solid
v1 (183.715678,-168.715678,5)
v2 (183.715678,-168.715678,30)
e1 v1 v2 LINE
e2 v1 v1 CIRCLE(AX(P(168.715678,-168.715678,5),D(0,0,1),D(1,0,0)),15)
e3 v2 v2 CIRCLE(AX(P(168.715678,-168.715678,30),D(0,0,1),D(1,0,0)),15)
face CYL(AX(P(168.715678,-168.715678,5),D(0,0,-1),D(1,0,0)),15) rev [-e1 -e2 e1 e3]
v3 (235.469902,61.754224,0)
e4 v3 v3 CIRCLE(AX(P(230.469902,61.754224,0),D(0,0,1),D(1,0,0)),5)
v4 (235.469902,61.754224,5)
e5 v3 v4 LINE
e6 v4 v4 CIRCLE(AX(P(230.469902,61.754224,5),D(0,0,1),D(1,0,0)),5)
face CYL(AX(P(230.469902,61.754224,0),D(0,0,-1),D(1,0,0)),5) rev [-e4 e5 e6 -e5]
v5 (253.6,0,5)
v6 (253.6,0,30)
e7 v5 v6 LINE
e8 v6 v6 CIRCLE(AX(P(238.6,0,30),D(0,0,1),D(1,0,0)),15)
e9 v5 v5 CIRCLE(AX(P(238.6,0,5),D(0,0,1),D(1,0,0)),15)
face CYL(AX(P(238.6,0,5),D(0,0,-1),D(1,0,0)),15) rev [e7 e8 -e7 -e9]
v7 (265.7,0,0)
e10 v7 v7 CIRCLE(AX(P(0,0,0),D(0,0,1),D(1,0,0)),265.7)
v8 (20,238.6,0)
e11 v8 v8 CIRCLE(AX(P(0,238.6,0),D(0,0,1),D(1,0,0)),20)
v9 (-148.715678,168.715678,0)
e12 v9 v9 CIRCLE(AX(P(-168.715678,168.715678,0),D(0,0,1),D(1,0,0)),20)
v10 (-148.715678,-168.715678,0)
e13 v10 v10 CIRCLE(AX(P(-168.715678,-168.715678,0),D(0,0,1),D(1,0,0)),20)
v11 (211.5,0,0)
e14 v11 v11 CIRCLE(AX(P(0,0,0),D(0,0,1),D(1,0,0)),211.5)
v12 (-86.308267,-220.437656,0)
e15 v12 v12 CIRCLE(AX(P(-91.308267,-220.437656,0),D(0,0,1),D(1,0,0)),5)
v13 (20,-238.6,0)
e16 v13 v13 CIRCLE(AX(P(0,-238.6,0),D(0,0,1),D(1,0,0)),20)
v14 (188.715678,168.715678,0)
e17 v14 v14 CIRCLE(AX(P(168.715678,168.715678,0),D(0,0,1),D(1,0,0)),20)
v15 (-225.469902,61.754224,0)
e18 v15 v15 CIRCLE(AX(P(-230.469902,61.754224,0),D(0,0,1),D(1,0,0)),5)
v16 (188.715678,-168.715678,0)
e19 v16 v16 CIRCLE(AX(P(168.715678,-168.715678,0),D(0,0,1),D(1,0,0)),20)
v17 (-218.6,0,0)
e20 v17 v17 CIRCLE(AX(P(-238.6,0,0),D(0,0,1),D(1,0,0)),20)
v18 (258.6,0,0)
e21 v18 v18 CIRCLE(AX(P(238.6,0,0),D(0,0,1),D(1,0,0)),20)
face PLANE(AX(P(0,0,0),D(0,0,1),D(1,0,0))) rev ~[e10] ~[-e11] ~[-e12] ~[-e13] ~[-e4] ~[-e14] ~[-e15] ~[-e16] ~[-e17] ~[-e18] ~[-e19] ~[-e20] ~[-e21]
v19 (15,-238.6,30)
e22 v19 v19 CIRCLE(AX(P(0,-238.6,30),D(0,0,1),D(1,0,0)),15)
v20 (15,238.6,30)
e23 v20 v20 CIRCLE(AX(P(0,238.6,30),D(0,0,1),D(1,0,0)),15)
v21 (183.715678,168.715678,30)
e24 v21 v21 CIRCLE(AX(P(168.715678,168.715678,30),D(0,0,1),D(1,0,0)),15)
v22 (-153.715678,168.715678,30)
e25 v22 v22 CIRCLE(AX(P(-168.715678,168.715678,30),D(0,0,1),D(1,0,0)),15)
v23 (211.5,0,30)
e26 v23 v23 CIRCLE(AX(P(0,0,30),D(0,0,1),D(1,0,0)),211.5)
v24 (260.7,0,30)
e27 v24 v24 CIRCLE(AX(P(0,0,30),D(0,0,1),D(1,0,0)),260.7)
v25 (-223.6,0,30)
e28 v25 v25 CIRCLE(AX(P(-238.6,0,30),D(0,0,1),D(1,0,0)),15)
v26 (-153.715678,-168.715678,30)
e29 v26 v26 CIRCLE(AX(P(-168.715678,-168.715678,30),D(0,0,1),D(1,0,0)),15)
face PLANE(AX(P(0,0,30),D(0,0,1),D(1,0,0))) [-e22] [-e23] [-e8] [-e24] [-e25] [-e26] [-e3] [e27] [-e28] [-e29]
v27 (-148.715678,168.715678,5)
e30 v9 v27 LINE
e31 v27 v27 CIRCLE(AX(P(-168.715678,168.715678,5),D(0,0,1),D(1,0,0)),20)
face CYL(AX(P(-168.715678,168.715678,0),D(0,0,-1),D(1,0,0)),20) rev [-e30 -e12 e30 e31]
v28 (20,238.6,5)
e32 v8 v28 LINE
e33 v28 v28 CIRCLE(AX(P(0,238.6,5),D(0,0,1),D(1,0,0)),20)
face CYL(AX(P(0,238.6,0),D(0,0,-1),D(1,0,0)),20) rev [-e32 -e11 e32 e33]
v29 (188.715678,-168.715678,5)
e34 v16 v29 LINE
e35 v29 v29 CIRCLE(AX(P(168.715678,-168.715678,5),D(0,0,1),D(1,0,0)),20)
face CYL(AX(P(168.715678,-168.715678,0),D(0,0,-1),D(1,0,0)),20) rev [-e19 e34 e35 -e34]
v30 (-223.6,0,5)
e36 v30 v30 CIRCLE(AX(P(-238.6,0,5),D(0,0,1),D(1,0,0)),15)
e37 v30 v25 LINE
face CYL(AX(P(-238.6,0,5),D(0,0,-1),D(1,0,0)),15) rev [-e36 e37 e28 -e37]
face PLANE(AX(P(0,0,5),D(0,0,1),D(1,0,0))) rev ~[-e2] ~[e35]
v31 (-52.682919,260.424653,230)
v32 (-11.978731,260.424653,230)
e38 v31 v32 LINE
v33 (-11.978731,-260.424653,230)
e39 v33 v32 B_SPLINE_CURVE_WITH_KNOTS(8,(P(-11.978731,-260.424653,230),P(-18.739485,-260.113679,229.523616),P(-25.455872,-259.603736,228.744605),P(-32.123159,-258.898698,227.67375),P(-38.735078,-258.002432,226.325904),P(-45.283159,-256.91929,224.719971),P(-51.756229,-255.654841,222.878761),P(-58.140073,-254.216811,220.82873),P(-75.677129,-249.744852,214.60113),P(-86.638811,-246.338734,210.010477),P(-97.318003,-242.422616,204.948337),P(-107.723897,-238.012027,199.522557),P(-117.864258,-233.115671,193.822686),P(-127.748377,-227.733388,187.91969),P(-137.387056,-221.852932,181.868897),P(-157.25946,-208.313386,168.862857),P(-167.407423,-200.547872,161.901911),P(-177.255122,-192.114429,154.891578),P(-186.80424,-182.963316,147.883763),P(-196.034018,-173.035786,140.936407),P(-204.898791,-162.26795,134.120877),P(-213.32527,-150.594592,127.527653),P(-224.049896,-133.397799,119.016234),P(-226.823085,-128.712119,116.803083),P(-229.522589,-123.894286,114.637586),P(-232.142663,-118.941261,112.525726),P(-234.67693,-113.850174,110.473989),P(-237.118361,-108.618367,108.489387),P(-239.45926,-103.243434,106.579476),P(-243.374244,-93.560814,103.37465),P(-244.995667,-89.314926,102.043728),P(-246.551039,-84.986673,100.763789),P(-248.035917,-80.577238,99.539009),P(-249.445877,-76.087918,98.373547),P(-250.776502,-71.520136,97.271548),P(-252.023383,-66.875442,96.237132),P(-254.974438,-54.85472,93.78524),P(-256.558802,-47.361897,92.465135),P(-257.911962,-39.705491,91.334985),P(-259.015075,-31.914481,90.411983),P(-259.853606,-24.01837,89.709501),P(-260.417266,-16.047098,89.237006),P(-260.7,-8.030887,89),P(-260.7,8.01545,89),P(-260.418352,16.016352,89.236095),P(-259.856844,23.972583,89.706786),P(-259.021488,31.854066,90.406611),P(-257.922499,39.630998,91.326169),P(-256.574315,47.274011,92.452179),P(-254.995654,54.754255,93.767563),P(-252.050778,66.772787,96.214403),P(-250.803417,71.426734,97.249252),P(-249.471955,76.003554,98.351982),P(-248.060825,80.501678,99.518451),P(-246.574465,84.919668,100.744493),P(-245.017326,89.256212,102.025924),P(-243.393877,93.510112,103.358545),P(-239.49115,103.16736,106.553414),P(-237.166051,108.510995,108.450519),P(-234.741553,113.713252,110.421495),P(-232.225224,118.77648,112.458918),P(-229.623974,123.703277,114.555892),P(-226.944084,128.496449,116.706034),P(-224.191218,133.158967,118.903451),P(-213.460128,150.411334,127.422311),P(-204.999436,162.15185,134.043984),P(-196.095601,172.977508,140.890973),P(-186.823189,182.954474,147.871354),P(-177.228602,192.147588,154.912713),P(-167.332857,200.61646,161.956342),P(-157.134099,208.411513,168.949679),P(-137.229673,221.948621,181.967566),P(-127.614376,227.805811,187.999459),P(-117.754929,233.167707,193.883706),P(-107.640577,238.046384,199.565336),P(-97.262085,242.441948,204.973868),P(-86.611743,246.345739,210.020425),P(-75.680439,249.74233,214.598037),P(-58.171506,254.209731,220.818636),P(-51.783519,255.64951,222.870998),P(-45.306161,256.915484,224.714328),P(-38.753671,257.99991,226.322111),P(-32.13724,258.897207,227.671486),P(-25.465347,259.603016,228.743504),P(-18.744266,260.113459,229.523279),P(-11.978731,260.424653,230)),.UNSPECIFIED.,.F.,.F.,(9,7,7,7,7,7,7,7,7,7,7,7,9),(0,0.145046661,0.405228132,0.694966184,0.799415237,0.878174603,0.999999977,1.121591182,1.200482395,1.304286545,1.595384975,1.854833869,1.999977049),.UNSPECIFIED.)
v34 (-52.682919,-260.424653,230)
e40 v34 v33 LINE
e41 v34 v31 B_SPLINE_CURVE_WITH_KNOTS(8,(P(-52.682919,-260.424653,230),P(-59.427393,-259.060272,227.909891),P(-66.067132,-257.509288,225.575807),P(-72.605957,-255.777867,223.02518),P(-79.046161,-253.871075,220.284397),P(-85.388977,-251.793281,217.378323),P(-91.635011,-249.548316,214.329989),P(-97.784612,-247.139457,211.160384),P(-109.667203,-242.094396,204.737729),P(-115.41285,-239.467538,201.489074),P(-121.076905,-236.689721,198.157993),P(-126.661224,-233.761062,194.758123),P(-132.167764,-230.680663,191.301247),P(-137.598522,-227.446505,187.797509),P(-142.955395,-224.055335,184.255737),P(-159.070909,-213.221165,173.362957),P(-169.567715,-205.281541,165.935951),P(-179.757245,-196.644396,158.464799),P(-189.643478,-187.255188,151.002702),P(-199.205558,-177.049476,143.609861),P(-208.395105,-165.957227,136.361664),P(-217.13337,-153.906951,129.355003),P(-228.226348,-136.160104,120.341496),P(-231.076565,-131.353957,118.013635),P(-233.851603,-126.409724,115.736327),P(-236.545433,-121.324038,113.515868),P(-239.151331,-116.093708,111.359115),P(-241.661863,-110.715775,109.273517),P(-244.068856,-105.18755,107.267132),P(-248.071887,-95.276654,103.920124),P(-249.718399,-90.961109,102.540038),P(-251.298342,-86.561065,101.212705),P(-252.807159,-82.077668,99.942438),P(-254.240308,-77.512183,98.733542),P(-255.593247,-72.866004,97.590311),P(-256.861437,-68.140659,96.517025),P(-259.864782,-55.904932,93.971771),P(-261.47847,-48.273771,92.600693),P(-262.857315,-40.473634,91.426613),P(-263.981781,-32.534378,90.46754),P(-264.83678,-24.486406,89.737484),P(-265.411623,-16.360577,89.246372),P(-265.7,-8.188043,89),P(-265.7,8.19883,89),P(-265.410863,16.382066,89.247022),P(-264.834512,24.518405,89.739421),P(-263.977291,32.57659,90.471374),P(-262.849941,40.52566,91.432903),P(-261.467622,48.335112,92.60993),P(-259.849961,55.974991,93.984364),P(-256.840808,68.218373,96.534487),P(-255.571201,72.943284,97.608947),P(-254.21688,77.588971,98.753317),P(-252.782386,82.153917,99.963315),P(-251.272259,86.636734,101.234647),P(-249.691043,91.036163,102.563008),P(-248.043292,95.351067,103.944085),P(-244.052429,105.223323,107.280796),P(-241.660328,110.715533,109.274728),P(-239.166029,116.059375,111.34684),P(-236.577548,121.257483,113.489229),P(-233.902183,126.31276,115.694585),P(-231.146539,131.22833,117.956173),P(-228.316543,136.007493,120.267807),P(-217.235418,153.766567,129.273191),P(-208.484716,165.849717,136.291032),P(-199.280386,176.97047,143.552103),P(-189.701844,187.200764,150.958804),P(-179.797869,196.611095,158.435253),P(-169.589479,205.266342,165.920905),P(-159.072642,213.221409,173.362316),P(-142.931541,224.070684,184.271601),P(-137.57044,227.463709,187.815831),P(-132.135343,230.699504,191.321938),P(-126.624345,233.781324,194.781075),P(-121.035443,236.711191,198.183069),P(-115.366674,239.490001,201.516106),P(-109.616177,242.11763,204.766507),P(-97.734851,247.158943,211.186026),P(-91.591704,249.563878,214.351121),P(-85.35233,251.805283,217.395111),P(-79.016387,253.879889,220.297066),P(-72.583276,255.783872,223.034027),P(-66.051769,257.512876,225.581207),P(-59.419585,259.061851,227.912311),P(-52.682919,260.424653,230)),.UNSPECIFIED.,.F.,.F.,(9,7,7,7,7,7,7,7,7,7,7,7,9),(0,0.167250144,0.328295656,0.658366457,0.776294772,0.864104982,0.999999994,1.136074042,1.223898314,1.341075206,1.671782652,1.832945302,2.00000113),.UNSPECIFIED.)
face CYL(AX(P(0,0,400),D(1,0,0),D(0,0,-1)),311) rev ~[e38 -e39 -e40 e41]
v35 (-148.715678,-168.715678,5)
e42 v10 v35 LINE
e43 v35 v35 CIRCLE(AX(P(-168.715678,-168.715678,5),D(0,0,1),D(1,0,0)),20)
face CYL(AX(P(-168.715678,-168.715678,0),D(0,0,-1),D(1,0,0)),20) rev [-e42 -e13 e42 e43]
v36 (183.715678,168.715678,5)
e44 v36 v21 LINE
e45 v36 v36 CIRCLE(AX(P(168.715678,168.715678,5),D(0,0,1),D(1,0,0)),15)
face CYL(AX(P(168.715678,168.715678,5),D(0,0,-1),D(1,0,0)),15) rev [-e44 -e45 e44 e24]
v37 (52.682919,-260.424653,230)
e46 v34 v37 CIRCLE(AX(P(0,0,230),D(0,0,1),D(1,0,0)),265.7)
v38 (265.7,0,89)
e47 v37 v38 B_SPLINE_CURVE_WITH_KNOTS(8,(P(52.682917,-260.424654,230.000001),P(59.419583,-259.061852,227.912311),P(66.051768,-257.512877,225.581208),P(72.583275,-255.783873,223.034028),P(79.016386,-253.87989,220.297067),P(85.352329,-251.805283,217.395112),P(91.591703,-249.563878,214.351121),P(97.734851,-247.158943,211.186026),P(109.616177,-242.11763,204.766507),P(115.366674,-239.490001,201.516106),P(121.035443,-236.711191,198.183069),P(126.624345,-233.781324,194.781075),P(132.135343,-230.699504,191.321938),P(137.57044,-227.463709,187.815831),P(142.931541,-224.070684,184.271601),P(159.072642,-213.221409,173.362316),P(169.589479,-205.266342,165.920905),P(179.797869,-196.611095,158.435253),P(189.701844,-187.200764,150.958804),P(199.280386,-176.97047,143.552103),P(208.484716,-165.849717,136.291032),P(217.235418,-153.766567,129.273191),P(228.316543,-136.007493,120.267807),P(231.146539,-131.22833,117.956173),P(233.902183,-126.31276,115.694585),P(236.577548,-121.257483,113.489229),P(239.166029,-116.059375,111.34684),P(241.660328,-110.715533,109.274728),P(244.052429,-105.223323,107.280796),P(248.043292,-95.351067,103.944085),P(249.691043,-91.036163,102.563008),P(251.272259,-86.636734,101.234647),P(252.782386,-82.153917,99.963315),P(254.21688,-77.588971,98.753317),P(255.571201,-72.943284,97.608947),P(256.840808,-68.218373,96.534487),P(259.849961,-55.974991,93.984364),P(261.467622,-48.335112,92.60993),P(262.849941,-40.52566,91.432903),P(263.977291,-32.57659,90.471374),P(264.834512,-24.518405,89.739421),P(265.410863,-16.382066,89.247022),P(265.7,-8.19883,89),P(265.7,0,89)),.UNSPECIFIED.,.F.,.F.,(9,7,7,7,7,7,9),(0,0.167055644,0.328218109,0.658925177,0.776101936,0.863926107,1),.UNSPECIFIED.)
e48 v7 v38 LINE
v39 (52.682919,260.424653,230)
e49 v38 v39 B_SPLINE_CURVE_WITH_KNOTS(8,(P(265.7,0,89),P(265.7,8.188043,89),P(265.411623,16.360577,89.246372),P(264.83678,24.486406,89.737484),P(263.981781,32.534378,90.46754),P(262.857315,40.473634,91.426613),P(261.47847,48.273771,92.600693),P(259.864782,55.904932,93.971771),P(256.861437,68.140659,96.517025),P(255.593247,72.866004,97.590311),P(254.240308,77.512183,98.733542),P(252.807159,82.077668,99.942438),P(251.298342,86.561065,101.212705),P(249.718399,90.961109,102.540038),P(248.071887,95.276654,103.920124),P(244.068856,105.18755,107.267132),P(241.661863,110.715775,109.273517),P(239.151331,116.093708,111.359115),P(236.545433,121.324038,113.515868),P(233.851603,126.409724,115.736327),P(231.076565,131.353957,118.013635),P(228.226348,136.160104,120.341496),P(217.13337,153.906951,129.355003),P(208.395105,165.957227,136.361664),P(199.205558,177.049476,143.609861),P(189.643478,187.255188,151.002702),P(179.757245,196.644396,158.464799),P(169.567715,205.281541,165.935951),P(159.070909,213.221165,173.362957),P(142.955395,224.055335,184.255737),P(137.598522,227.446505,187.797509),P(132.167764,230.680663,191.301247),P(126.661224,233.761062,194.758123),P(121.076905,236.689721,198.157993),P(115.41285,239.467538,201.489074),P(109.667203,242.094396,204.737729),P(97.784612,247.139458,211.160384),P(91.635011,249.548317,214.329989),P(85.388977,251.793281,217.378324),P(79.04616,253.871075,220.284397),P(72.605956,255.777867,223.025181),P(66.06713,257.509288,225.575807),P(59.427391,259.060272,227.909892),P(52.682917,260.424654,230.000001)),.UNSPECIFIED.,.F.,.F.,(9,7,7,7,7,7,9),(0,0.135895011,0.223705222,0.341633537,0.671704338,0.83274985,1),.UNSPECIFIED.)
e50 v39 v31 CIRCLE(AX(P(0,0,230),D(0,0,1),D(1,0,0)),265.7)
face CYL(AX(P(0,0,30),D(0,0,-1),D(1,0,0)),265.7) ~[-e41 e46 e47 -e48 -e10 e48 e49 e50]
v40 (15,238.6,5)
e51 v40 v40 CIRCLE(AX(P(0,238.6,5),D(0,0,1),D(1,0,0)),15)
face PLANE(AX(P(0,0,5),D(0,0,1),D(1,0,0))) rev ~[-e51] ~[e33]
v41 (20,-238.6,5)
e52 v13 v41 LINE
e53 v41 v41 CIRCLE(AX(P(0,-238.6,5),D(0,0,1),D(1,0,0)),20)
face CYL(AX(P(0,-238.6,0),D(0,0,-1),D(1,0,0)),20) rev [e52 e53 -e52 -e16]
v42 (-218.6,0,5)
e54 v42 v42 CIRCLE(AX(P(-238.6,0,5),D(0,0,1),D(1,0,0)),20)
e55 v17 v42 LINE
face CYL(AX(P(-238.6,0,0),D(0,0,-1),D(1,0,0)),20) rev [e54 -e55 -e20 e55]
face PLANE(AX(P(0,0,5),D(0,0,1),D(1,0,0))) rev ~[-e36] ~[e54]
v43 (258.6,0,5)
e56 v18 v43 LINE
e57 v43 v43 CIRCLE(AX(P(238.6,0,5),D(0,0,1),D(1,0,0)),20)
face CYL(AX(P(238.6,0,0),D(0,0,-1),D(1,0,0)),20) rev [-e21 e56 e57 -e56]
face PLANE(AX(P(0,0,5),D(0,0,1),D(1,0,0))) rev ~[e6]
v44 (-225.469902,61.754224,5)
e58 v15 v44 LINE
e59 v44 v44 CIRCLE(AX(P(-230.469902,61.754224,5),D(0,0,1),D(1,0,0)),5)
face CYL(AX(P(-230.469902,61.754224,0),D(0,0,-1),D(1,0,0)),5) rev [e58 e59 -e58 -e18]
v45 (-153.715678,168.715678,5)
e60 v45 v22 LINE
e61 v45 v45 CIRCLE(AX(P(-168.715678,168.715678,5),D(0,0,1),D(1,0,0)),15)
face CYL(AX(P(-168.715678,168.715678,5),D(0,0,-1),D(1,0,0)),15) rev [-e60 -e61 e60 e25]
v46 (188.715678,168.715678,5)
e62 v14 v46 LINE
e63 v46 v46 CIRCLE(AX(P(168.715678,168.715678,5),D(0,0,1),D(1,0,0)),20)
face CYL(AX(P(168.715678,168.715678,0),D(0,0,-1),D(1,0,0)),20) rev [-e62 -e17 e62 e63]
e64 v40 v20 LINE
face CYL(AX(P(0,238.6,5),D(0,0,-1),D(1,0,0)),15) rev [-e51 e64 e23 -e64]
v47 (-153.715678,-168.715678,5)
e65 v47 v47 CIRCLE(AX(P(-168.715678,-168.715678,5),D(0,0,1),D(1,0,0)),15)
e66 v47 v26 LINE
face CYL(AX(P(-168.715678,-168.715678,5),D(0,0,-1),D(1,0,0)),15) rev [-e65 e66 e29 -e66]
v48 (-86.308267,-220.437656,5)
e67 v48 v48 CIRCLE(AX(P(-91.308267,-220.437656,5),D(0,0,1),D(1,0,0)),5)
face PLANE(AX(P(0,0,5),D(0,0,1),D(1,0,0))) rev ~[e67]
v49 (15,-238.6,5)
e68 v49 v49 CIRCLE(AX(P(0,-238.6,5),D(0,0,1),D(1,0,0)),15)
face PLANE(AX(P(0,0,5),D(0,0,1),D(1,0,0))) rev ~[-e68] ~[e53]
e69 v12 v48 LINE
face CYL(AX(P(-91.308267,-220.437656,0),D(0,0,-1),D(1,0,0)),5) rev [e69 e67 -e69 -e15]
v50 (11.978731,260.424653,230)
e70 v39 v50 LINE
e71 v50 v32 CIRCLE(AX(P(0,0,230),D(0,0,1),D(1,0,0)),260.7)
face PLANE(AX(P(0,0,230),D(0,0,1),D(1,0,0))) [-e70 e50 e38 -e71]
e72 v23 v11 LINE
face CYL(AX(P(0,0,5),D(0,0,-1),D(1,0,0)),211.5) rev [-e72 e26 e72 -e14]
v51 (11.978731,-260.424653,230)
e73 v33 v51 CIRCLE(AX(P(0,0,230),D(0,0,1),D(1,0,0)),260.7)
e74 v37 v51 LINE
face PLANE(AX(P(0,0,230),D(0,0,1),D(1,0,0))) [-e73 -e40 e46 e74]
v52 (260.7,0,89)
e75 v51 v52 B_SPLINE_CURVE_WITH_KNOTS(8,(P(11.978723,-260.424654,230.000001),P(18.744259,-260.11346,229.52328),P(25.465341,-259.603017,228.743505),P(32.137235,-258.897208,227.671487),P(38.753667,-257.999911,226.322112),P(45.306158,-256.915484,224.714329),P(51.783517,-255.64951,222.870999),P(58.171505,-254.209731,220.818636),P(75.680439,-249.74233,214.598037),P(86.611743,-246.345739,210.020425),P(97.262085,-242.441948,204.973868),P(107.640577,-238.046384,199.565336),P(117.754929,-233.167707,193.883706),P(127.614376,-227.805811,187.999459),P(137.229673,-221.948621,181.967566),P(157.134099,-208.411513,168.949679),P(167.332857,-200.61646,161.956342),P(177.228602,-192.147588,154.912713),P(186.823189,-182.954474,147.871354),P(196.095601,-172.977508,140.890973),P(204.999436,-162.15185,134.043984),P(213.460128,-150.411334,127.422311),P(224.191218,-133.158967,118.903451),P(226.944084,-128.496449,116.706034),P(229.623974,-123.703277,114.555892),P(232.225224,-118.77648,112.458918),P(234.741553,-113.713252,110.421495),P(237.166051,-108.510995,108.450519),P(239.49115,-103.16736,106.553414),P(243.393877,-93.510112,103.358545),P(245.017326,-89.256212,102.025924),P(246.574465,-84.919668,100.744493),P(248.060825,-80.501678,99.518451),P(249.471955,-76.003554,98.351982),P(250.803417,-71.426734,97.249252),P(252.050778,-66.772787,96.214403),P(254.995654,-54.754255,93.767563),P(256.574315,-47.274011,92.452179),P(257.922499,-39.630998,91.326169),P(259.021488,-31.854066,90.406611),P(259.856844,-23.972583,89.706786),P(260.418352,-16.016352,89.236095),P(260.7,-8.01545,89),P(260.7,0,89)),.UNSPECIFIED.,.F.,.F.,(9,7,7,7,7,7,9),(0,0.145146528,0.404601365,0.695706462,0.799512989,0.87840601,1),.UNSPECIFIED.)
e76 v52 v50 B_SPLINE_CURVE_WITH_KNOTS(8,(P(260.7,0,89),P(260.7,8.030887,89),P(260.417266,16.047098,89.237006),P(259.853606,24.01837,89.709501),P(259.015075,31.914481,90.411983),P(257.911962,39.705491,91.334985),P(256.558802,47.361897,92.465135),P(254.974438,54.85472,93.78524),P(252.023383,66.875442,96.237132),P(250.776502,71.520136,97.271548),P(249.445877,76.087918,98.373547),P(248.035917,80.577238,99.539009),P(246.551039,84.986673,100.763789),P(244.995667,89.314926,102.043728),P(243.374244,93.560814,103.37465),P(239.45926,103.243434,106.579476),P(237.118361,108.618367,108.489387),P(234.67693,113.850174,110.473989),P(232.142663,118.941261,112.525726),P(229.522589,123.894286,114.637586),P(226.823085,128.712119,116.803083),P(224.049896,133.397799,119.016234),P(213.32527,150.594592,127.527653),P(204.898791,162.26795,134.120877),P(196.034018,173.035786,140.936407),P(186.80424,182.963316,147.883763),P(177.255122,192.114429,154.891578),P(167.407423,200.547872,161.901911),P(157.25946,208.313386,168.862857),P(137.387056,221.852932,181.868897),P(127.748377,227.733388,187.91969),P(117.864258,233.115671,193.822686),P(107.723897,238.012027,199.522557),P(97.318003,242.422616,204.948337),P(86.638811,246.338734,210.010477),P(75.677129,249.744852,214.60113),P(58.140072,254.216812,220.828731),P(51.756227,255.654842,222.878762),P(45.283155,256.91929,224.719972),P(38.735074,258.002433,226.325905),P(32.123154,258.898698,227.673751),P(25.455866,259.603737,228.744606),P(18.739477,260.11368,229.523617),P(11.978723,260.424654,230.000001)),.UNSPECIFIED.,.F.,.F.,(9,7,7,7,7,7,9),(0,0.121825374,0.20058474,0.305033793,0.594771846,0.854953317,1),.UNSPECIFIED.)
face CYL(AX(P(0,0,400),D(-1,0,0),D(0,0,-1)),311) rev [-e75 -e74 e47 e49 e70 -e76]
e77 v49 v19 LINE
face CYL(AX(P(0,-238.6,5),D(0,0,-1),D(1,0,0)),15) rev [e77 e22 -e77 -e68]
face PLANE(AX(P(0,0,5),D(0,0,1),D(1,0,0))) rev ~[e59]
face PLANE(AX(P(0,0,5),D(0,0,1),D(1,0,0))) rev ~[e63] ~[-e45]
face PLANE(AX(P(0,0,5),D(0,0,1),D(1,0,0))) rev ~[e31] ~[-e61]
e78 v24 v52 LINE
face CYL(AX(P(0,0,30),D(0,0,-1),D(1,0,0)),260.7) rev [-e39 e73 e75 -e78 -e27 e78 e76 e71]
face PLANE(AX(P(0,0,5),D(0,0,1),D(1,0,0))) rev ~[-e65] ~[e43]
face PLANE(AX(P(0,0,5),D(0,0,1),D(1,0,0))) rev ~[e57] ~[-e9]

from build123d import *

# Parameters (mm, degrees)
SKETCH1_R           = 265.7
SKETCH1_R_2         = 211.5
SKETCH1_R_3         = 20
SKETCH1_R_4         = 5
EXTRUDE1_DEPTH      = 5
SKETCH2_R           = 265.7
SKETCH2_R_2         = 15
SKETCH2_R_3         = 211.5
EXTRUDE2_DEPTH      = 25
SKETCH3_R           = 265.7
SKETCH3_R_2         = 260.7
EXTRUDE3_DEPTH      = 200
SKETCH4_R           = 311
EXTRUDE4_DEPTH      = 266.7
EXTRUDE4_DEPTH_BACK = 266.7


with BuildPart() as part:
    # Sketch1 → Extrude1 (new body)
    with BuildSketch(Plane.XY):
        Circle(SKETCH1_R)
        Circle(SKETCH1_R_2, mode=Mode.SUBTRACT)
        with Locations((238.6, 0)):
            Circle(SKETCH1_R_3, mode=Mode.SUBTRACT)
        with Locations((168.715677991, 168.715677991)):
            Circle(SKETCH1_R_3, mode=Mode.SUBTRACT)
        with Locations((0, 238.6)):
            Circle(SKETCH1_R_3, mode=Mode.SUBTRACT)
        with Locations((-168.715677991, 168.715677991)):
            Circle(SKETCH1_R_3, mode=Mode.SUBTRACT)
        with Locations((-238.6, 0)):
            Circle(SKETCH1_R_3, mode=Mode.SUBTRACT)
        with Locations((-168.715677991, -168.715677991)):
            Circle(SKETCH1_R_3, mode=Mode.SUBTRACT)
        with Locations((0, -238.6)):
            Circle(SKETCH1_R_3, mode=Mode.SUBTRACT)
        with Locations((168.715677991, -168.715677991)):
            Circle(SKETCH1_R_3, mode=Mode.SUBTRACT)
        with Locations((230.469902153, 61.754224161)):
            Circle(SKETCH1_R_4, mode=Mode.SUBTRACT)
        with Locations((-230.469902153, 61.754224161)):
            Circle(SKETCH1_R_4, mode=Mode.SUBTRACT)
        with Locations((-91.308266962, -220.437656457)):
            Circle(SKETCH1_R_4, mode=Mode.SUBTRACT)
    extrude(amount=EXTRUDE1_DEPTH)

    # Sketch2 → Extrude2 (add)
    with BuildSketch(Plane.XY.offset(5)):
        Circle(SKETCH2_R)
        with Locations((238.6, 0)):
            Circle(SKETCH2_R_2, mode=Mode.SUBTRACT)
        with Locations((168.715677991, 168.715677991)):
            Circle(SKETCH2_R_2, mode=Mode.SUBTRACT)
        with Locations((0, 238.6)):
            Circle(SKETCH2_R_2, mode=Mode.SUBTRACT)
        with Locations((-168.715677991, 168.715677991)):
            Circle(SKETCH2_R_2, mode=Mode.SUBTRACT)
        with Locations((-238.6, 0)):
            Circle(SKETCH2_R_2, mode=Mode.SUBTRACT)
        with Locations((-168.715677991, -168.715677991)):
            Circle(SKETCH2_R_2, mode=Mode.SUBTRACT)
        with Locations((0, -238.6)):
            Circle(SKETCH2_R_2, mode=Mode.SUBTRACT)
        with Locations((168.715677991, -168.715677991)):
            Circle(SKETCH2_R_2, mode=Mode.SUBTRACT)
        Circle(SKETCH2_R_3, mode=Mode.SUBTRACT)
    extrude(amount=EXTRUDE2_DEPTH)

    # Sketch3 → Extrude3 (add)
    with BuildSketch(Plane.XY.offset(30)):
        Circle(SKETCH3_R)
        Circle(SKETCH3_R_2, mode=Mode.SUBTRACT)
    extrude(amount=EXTRUDE3_DEPTH)

    # Sketch4 → Extrude4 (cut, two sides)
    with BuildSketch(Plane(origin=(0, 0, 0), x_dir=(0, 0, -1), z_dir=(1, 0, 0))) as extrude4_sk:
        with Locations((-400, 0)):
            Circle(SKETCH4_R)
    extrude(amount=EXTRUDE4_DEPTH, mode=Mode.SUBTRACT)
    extrude(extrude4_sk.sketch, amount=-EXTRUDE4_DEPTH_BACK, mode=Mode.SUBTRACT)


solid = part.part
